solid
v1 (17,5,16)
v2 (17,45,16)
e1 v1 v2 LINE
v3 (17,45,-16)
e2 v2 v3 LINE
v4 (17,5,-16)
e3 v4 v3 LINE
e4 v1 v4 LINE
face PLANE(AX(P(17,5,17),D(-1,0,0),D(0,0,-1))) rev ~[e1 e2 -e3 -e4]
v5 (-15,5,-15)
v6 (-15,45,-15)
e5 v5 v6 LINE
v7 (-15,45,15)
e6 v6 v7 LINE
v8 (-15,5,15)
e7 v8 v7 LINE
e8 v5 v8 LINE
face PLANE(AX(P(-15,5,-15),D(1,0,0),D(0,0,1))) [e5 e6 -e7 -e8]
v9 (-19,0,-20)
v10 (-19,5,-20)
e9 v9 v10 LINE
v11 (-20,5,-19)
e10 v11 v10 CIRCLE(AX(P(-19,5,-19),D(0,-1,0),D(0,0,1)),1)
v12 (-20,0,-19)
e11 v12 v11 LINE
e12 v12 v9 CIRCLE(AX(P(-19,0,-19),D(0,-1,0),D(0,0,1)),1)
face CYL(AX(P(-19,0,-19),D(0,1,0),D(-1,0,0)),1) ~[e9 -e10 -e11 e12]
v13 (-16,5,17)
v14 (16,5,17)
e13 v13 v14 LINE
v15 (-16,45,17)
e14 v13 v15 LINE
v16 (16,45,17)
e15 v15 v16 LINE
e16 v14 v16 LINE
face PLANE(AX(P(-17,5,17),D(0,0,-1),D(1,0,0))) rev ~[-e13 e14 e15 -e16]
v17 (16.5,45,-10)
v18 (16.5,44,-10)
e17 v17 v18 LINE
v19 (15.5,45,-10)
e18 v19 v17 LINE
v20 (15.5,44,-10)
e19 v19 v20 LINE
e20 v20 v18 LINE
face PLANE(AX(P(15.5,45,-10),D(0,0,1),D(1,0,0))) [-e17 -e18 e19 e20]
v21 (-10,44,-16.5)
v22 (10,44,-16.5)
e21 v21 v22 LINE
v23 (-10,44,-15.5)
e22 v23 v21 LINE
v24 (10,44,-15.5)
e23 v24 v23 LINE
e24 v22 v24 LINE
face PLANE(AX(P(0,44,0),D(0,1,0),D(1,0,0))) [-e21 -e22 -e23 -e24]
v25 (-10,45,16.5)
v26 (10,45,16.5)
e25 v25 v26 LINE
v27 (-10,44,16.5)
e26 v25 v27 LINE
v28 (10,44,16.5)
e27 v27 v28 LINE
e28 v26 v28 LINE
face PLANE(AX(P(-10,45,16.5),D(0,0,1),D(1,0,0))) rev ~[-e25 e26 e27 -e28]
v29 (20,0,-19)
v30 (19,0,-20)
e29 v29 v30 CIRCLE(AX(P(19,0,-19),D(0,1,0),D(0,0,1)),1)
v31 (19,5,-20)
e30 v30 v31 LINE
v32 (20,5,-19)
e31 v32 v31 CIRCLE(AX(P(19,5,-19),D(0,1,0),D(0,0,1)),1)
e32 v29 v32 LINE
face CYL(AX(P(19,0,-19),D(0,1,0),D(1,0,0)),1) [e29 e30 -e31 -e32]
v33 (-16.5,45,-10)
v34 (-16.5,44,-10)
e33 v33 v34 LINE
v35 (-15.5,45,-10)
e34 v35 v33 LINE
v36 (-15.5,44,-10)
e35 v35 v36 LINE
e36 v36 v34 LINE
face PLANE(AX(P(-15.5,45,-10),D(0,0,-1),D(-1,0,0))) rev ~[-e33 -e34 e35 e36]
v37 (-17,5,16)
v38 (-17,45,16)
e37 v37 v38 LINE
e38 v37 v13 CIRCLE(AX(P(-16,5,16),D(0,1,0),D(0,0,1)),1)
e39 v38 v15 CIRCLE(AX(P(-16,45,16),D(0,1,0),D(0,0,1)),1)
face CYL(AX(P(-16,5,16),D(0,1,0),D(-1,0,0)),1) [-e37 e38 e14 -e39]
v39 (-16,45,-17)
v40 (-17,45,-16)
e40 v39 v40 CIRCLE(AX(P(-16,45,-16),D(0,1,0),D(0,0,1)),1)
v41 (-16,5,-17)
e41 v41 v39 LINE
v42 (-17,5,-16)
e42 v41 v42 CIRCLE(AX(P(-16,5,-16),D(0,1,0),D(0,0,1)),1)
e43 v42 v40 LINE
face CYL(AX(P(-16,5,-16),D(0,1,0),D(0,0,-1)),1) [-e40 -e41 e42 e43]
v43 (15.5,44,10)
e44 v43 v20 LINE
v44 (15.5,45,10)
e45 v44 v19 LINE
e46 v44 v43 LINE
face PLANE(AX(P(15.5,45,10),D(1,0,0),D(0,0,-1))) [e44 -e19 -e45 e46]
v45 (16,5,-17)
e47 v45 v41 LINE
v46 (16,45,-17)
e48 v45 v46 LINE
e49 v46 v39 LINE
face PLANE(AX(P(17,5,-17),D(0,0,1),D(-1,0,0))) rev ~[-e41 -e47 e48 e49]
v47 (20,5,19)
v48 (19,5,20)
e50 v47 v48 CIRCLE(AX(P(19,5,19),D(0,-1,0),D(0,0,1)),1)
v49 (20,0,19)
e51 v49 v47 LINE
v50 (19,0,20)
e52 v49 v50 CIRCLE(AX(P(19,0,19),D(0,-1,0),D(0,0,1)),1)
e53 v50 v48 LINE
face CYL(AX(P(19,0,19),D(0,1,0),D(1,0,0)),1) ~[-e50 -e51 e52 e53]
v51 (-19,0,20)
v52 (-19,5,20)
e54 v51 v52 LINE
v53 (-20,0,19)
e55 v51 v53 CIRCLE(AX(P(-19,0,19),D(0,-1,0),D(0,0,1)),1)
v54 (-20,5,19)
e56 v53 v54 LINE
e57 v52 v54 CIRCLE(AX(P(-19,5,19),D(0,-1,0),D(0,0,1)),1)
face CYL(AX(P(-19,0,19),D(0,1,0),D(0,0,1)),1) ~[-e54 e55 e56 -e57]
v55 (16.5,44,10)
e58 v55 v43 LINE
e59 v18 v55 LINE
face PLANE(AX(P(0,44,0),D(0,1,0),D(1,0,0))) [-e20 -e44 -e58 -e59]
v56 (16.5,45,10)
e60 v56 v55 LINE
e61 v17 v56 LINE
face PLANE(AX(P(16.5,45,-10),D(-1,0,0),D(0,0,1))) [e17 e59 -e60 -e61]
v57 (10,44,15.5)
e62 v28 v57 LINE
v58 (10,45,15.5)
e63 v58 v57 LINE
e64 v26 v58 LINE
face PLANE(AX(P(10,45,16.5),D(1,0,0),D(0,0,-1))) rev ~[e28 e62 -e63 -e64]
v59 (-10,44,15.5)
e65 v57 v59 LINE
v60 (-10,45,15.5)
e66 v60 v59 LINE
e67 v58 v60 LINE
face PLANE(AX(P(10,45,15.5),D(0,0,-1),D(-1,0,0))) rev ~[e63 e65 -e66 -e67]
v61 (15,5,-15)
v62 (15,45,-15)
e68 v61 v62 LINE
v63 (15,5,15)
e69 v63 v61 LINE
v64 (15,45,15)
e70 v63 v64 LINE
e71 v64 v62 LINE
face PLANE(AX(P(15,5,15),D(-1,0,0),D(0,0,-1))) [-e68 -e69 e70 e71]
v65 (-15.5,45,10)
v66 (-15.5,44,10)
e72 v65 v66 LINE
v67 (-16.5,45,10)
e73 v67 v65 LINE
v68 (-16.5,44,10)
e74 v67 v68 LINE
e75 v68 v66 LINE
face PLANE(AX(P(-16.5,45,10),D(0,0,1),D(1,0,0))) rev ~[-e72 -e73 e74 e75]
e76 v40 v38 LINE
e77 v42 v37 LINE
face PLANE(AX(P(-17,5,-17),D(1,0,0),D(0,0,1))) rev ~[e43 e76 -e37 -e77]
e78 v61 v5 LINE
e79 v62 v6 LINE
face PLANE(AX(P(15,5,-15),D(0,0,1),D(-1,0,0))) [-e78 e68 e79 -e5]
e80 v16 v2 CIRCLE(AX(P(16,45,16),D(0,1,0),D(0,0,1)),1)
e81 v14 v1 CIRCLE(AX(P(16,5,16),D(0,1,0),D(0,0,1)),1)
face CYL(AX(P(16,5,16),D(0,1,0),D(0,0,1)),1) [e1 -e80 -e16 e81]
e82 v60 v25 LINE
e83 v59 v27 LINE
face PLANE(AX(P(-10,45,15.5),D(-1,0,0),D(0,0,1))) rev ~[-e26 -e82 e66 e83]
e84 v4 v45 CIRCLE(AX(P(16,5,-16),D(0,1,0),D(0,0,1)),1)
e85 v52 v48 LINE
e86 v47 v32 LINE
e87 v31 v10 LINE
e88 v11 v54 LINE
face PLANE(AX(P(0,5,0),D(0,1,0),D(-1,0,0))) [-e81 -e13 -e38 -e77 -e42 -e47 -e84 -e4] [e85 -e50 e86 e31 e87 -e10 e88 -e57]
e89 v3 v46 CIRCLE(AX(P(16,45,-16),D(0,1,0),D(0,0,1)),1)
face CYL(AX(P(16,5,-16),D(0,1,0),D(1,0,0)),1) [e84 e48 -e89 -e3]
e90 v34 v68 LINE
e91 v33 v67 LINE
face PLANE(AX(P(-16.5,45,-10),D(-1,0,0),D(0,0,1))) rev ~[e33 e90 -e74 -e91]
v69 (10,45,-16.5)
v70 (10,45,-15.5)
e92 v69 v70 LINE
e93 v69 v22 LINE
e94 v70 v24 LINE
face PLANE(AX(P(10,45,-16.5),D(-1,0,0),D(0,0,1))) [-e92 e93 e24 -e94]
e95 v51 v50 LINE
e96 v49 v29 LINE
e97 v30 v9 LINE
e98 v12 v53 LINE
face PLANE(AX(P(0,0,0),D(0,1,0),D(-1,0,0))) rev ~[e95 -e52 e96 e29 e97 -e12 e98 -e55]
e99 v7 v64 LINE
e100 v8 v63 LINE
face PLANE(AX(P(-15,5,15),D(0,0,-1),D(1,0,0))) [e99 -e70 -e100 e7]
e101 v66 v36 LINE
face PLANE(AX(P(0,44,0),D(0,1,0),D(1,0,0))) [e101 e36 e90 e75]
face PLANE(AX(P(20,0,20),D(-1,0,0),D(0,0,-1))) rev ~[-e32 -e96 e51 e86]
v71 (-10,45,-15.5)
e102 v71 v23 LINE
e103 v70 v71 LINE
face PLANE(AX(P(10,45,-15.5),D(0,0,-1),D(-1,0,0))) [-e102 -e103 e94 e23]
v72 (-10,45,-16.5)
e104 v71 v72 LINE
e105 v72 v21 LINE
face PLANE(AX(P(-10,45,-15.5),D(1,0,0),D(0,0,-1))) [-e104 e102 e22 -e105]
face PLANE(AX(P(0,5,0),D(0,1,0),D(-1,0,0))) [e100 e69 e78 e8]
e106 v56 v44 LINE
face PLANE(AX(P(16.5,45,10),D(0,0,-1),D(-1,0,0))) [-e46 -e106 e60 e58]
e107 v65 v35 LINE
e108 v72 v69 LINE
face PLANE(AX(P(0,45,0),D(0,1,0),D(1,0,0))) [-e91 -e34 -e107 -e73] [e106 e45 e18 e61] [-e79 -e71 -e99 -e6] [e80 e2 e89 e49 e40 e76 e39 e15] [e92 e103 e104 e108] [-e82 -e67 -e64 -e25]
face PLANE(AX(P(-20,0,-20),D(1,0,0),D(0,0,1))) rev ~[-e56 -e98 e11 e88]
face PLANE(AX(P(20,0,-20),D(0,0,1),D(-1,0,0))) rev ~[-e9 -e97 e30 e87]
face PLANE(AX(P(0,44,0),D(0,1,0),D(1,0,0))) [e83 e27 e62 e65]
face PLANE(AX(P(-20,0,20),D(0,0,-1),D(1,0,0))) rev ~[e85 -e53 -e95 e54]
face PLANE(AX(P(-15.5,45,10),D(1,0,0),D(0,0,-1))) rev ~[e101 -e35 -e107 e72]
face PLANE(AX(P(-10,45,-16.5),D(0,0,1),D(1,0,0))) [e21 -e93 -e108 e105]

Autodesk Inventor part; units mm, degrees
ref_plane "YZ Plane" through (0, 0, 0) normal (1, 0, 0) x (0, 1, 0)
ref_plane "XZ Plane" through (0, 0, 0) normal (0, 1, 0) x (-1, 0, 0)
ref_plane "XY Plane" through (0, 0, 0) normal (0, 0, 1) x (1, 0, 0)
sketch "Sketch1" plane through (0, 0, 0) normal (0, 1, 0) x (-1, 0, 0)
  line L0 (-20, -20) -> (20, -20)
  line L1 (20, -20) -> (20, 20)
  line L2 (20, 20) -> (-20, 20)
  line L3 (-20, 20) -> (-20, -20)
  line L4 (-20, -20) -> (20, 20) construction
  line L5 (20, -20) -> (-20, 20) construction
  point P0 (0, 0)
  dimension "d2" = 40
  dimension "d3" = 40
extrude "Extrusion1" add sketch "Sketch1" along normal blind 5
sketch "Sketch2" plane through (0, 5, 0) normal (0, 1, 0) x (1, 0, 0)
  line L0 (-20, 20) -> (-20, -20) projected
  line L1 (-20, -20) -> (20, -20) projected
  line L2 (20, -20) -> (20, 20) projected
  line L3 (20, 20) -> (-20, 20) projected
  line L4 (17, 17) -> (-17, 17)
  line L5 (-17, 17) -> (-17, -17)
  line L6 (-17, -17) -> (17, -17)
  line L7 (17, -17) -> (17, 17)
  line L8 (17, 17) -> (-17, -17) construction
  line L9 (-17, 17) -> (17, -17) construction
  line L10 (15, 15) -> (-15, 15)
  line L11 (-15, 15) -> (-15, -15)
  line L12 (-15, -15) -> (15, -15)
  line L13 (15, -15) -> (15, 15)
  line L14 (15, 15) -> (-15, -15) construction
  line L15 (-15, 15) -> (15, -15) construction
  point P0 (0, 0)
  dimension "d6" = 3
  dimension "d7" = 2
  dimension "d52" = 3
  dimension "d53" = 2
extrude "Extrusion2" add sketch "Sketch2" along normal blind 40 contours L7 L6 L5 L4
fillet "Fillet1" radius 1 1 edges at (20, 2.5, 20)
fillet "Fillet2" radius 1 1 edges at (20, 2.5, -20)
fillet "Fillet3" radius 1 1 edges at (-20, 2.5, 20)
fillet "Fillet4" radius 1 1 edges at (-20, 2.5, -20)
fillet "Fillet5" radius 1 1 edges at (-17, 25, 17)
fillet "Fillet6" radius 1 1 edges at (17, 25, 17)
fillet "Fillet7" radius 1 1 edges at (17, 25, -17)
fillet "Fillet8" radius 1 1 edges at (-17, 25, -17)
sketch "Sketch3" plane through (0, 45, 0) normal (0, 1, 0) x (1, 0, 0)
  arc A0 (-16, 17) -> (-17, 16) centre (-16, 16) ccw projected
  line L0 (-17, 16) -> (-17, -16) projected
  arc A1 (-17, -16) -> (-16, -17) centre (-16, -16) ccw projected
  line L1 (-16, -17) -> (16, -17) projected
  arc A2 (16, -17) -> (17, -16) centre (16, -16) ccw projected
  line L2 (17, -16) -> (17, 16) projected
  arc A3 (17, 16) -> (16, 17) centre (16, 16) ccw projected
  line L3 (16, 17) -> (-16, 17) projected
  line L4 (15, 15) -> (15, -15) projected
  line L5 (15, -15) -> (-15, -15) projected
  line L6 (-15, -15) -> (-15, 15) projected
  line L7 (-15, 15) -> (15, 15) projected
  line L8 (-16.5, -10) -> (-15.5, -10)
  line L9 (-15.5, -10) -> (-15.5, 10)
  line L10 (-15.5, 10) -> (-16.5, 10)
  line L11 (-16.5, 10) -> (-16.5, -10)
  line L12 (-16.5, 10) -> (-15.5, 10)
  line L13 (-15.5, 10) -> (-15.5, -10)
  line L14 (-15.5, -10) -> (-16.5, -10)
  line L15 (-16.5, -10) -> (-16.5, 10)
  line L16 (-10, 16.5) -> (10, 16.5)
  line L17 (10, 16.5) -> (10, 15.5)
  line L18 (10, 15.5) -> (-10, 15.5)
  line L19 (-10, 15.5) -> (-10, 16.5)
  line L20 (10, 16.5) -> (-10, 16.5)
  line L21 (-10, 16.5) -> (-10, 15.5)
  line L22 (-10, 15.5) -> (10, 15.5)
  line L23 (10, 15.5) -> (10, 16.5)
  line L24 (15.5, 10) -> (16.5, 10)
  line L25 (16.5, 10) -> (16.5, -10)
  line L26 (16.5, -10) -> (15.5, -10)
  line L27 (15.5, -10) -> (15.5, 10)
  line L28 (15.5, -10) -> (16.5, -10)
  line L29 (16.5, -10) -> (16.5, 10)
  line L30 (16.5, 10) -> (15.5, 10)
  line L31 (15.5, 10) -> (15.5, -10)
  line L32 (10, -15.5) -> (-10, -15.5)
  line L33 (-10, -15.5) -> (-10, -16.5)
  line L34 (-10, -16.5) -> (10, -16.5)
  line L35 (10, -16.5) -> (10, -15.5)
  line L36 (-10, -15.5) -> (10, -15.5)
  line L37 (10, -15.5) -> (10, -16.5)
  line L38 (10, -16.5) -> (-10, -16.5)
  line L39 (-10, -16.5) -> (-10, -15.5)
  point P0 (0, 0)
  point P1 (-16, 10)
  point P2 (-16, -10)
  point P3 (16, 10)
  dimension "d18" = 1
  dimension "d19" = 20
  dimension "d20" = 0.5
  dimension "d21" = 7
  dimension "d22" = 7
  dimension "d23" = 0.5
  dimension "d24" = 1
  dimension "d25" = 20
  dimension "d26" = 20
  dimension "d27" = 1
  dimension "d28" = 0.5
  dimension "d29" = 7
  dimension "d30" = 20
  dimension "d31" = 1
  dimension "d32" = 0.5
  dimension "d33" = 7
  dimension "d34" = 1
  dimension "d35" = 20
  dimension "d36" = 0.5
  dimension "d37" = 7
  dimension "d38" = 1
  dimension "d39" = 20
  dimension "d40" = 7
  dimension "d41" = 0.5
  dimension "d42" = 20
  dimension "d43" = 1
  dimension "d44" = 0.5
  dimension "d45" = 7
  dimension "d46" = 20
  dimension "d47" = 1
  dimension "d48" = 0.5
  dimension "d49" = 7
extrude "Extrusion3" cut sketch "Sketch3" against normal blind 1 contours L11 L10 L9 L8 | L16 L17 L18 L19 | L24 L25 L26 L27 | L35 L34 L33 L32
properties part number "block_main" material "PC/ABS Plastic"
